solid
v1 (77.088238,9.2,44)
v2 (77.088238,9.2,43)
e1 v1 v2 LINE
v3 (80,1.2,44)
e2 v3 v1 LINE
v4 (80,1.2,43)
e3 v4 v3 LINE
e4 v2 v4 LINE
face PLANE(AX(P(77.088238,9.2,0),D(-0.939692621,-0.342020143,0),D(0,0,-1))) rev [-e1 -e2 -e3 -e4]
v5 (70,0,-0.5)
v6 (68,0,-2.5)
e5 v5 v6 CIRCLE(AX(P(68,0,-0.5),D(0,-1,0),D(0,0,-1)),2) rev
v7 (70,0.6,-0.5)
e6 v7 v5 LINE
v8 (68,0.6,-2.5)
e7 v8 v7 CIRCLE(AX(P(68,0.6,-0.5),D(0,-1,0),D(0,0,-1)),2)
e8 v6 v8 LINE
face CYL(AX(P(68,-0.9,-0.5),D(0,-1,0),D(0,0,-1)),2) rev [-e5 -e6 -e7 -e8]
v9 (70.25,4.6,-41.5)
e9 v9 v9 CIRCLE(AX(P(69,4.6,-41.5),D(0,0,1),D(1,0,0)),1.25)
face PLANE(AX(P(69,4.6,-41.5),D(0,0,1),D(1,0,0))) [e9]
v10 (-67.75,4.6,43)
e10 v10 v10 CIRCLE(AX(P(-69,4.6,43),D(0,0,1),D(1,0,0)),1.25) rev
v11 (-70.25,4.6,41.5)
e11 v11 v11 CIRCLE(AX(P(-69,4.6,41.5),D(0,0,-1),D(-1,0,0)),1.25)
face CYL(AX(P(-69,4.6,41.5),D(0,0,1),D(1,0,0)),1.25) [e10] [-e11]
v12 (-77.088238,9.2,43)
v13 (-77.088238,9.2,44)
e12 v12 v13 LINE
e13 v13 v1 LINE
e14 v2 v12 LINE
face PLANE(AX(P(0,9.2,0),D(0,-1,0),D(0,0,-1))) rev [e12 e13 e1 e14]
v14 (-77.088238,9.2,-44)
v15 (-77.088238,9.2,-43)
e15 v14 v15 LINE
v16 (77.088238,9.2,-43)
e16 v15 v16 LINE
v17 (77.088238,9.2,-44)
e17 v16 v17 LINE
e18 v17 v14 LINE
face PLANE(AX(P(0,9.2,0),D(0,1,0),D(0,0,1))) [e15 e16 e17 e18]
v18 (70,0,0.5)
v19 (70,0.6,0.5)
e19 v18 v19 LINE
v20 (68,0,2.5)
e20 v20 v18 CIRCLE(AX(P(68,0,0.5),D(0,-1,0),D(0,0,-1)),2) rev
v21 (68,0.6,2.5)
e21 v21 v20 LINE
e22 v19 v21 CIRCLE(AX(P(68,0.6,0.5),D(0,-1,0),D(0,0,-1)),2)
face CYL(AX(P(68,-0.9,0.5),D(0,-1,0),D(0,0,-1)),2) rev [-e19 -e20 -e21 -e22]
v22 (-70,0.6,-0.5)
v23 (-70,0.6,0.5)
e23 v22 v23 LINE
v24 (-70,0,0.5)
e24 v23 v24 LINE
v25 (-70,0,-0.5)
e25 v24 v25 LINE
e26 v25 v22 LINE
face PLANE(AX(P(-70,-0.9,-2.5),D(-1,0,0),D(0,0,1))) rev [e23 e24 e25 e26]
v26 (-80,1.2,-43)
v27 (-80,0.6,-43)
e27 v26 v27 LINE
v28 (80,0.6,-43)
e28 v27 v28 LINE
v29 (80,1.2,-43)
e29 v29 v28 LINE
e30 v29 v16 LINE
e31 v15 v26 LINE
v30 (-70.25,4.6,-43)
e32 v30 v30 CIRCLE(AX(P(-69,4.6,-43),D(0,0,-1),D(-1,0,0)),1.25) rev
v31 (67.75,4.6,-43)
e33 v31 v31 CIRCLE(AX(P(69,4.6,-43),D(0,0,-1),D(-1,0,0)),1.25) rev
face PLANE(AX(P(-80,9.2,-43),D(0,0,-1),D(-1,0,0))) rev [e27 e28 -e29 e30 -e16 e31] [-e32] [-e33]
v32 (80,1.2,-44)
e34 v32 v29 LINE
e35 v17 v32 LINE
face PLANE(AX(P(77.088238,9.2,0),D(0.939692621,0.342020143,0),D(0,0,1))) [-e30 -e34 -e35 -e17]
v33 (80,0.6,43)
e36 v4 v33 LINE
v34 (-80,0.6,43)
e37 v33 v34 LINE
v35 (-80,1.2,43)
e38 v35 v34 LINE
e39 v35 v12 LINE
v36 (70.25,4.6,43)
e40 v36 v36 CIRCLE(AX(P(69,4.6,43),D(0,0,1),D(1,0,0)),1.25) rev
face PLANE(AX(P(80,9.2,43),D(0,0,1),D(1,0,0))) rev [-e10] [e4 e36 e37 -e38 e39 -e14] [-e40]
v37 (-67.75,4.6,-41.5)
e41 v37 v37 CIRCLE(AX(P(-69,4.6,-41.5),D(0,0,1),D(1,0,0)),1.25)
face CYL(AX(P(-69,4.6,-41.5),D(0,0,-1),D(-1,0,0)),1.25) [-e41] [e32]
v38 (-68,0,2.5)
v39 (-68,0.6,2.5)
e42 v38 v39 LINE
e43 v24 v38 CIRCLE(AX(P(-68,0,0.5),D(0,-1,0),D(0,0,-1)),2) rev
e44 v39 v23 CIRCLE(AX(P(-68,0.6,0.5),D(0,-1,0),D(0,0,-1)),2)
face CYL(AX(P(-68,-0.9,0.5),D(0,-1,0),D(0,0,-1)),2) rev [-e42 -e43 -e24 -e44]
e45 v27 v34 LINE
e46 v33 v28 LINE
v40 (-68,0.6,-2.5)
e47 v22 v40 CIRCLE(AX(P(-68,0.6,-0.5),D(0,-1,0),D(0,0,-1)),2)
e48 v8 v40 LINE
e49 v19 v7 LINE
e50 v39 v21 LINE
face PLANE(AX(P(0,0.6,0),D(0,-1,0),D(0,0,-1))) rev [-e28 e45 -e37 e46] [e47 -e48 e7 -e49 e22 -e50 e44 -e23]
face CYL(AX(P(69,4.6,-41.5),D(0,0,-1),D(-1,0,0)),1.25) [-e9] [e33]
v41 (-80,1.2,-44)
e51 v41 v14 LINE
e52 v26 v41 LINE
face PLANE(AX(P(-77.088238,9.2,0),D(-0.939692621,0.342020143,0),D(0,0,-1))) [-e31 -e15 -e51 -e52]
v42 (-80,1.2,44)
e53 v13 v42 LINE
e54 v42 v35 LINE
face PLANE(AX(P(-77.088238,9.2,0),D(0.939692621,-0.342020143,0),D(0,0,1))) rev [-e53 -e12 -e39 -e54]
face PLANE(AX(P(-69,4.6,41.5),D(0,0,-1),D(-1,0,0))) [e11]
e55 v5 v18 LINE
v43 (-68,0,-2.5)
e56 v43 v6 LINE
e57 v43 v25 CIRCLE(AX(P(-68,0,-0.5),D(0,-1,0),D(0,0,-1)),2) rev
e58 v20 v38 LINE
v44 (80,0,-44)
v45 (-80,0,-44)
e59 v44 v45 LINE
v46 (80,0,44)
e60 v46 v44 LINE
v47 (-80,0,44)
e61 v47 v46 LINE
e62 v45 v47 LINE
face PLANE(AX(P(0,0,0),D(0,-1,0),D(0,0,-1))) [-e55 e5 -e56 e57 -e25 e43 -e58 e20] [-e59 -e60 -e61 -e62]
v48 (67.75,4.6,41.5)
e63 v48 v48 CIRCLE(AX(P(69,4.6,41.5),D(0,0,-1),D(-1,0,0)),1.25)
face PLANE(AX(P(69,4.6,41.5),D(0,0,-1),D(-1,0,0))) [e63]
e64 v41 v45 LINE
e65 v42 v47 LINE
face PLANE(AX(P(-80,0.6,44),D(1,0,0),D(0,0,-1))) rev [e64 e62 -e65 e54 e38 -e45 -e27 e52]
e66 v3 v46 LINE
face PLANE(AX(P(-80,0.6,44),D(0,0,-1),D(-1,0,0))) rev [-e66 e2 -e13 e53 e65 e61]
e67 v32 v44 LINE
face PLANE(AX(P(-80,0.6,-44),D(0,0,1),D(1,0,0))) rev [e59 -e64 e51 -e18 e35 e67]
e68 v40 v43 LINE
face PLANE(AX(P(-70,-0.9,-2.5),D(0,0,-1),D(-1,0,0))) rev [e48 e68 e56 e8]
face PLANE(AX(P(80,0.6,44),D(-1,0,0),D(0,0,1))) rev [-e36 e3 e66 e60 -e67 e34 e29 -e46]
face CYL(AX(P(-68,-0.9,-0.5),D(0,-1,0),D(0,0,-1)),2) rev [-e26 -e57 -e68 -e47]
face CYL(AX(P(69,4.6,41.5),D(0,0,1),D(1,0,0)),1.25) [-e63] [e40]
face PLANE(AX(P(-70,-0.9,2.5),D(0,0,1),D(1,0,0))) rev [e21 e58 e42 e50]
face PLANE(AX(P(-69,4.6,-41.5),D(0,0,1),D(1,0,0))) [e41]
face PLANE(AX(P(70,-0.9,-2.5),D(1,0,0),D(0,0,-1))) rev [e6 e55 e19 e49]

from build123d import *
from OCP.BRepFilletAPI import BRepFilletAPI_MakeChamfer

# Parameters (mm, degrees)
SKETCH1_W           = 160
SKETCH1_H           = 88
BOSS_EXTRUDE1_DEPTH = 0.6
SKETCH2_W           = 160
SKETCH2_H           = 1
BOSS_EXTRUDE2_DEPTH = 8.6
SKETCH3_R           = 1.25
BOSS_EXTRUDE3_DEPTH = 1.5
BOSS_EXTRUDE4_START = 1.5
SKETCH4_R           = 1.25
BOSS_EXTRUDE4_DEPTH = 1.5
CHAMFER1_SIZE       = 8
CHAMFER1_SIZE2      = 2.911761874
SKETCH5_W           = 140
SKETCH5_H           = 5
CUT_EXTRUDE1_DEPTH  = 1.5
FILLET1_R           = 2


with BuildPart() as part:
    # Sketch1 → Boss-Extrude1 (new body)
    with BuildSketch(Plane(origin=(0, 0, 0), x_dir=(1, 0, 0), z_dir=(0, 1, 0))):
        Rectangle(SKETCH1_W, SKETCH1_H)
    extrude(amount=BOSS_EXTRUDE1_DEPTH)

    # Sketch2 → Boss-Extrude2 (add)
    with BuildSketch(Plane(origin=(0, 0.6, 0), x_dir=(1, 0, 0), z_dir=(0, 1, 0))):
        with Locations((0, 43.5)):
            Rectangle(SKETCH2_W, SKETCH2_H)
        with Locations((0, -43.5)):
            Rectangle(SKETCH2_W, SKETCH2_H)
    extrude(amount=BOSS_EXTRUDE2_DEPTH)

    # Sketch3 → Boss-Extrude3 (add)
    with BuildSketch(Plane.XY.offset(-43)):
        with Locations(Location((-69, 4.6, 0), (0, 0, 180))):
            Circle(SKETCH3_R)
        with Locations(Location((69, 4.6, 0), (0, 0, 180))):
            Circle(SKETCH3_R)
    extrude(amount=BOSS_EXTRUDE3_DEPTH)

    # Sketch4 → Boss-Extrude4 (add)
    with BuildSketch(Plane(origin=(0, 0, 43), x_dir=(-1, 0, 0), z_dir=(0, 0, -1)).offset(BOSS_EXTRUDE4_START)):
        with Locations((-69, 4.6)):
            Circle(SKETCH4_R)
        with Locations((69, 4.6)):
            Circle(SKETCH4_R)
    extrude(amount=-BOSS_EXTRUDE4_DEPTH)

    # Chamfer1: one chamfer whose edges measure the first distance from different faces: ONE call of the kernel's chamfer builder (chamfer() names one face for all edges)
    chamfer1_edges_1 = [part.edges().sort_by_distance(p)[0] for p in [
        (-80, 9.2, -43.5),
        (-80, 9.2, 43.5),
    ]]
    chamfer1_side_1 = [part.faces().sort_by_distance(p)[0] for p in [
        (-80, 4.6, -43.115203978),
    ]]
    chamfer1_edges_2 = [part.edges().sort_by_distance(p)[0] for p in [
        (80, 9.2, -43.5),
        (80, 9.2, 43.5),
    ]]
    chamfer1_side_2 = [part.faces().sort_by_distance(p)[0] for p in [
        (80, 4.6, 43.115203978),
    ]]
    chamfer1 = BRepFilletAPI_MakeChamfer(part.part.solid().wrapped)
    for e in chamfer1_edges_1:
        chamfer1.Add(CHAMFER1_SIZE, CHAMFER1_SIZE2, e.wrapped, chamfer1_side_1[0].wrapped)  # the first distance lies on this face
    for e in chamfer1_edges_2:
        chamfer1.Add(CHAMFER1_SIZE, CHAMFER1_SIZE2, e.wrapped, chamfer1_side_2[0].wrapped)  # the first distance lies on this face
    add(Compound.cast(chamfer1.Shape()), mode=Mode.REPLACE)

    # Sketch5 → Cut-Extrude1 (cut)
    with BuildSketch(Plane(origin=(0, 0.6, 0), x_dir=(1, 0, 0), z_dir=(0, 1, 0))):
        Rectangle(SKETCH5_W, SKETCH5_H)
    extrude(amount=-CUT_EXTRUDE1_DEPTH, mode=Mode.SUBTRACT)

    # Fillet1
    fillet1_edges = [part.edges().sort_by_distance(p)[0] for p in [
        (70, 0.3, -2.5),
        (70, 0.3, 2.5),
        (-70, 0.3, 2.5),
        (-70, 0.3, -2.5),
    ]]
    fillet(fillet1_edges, radius=FILLET1_R)


solid = part.part
